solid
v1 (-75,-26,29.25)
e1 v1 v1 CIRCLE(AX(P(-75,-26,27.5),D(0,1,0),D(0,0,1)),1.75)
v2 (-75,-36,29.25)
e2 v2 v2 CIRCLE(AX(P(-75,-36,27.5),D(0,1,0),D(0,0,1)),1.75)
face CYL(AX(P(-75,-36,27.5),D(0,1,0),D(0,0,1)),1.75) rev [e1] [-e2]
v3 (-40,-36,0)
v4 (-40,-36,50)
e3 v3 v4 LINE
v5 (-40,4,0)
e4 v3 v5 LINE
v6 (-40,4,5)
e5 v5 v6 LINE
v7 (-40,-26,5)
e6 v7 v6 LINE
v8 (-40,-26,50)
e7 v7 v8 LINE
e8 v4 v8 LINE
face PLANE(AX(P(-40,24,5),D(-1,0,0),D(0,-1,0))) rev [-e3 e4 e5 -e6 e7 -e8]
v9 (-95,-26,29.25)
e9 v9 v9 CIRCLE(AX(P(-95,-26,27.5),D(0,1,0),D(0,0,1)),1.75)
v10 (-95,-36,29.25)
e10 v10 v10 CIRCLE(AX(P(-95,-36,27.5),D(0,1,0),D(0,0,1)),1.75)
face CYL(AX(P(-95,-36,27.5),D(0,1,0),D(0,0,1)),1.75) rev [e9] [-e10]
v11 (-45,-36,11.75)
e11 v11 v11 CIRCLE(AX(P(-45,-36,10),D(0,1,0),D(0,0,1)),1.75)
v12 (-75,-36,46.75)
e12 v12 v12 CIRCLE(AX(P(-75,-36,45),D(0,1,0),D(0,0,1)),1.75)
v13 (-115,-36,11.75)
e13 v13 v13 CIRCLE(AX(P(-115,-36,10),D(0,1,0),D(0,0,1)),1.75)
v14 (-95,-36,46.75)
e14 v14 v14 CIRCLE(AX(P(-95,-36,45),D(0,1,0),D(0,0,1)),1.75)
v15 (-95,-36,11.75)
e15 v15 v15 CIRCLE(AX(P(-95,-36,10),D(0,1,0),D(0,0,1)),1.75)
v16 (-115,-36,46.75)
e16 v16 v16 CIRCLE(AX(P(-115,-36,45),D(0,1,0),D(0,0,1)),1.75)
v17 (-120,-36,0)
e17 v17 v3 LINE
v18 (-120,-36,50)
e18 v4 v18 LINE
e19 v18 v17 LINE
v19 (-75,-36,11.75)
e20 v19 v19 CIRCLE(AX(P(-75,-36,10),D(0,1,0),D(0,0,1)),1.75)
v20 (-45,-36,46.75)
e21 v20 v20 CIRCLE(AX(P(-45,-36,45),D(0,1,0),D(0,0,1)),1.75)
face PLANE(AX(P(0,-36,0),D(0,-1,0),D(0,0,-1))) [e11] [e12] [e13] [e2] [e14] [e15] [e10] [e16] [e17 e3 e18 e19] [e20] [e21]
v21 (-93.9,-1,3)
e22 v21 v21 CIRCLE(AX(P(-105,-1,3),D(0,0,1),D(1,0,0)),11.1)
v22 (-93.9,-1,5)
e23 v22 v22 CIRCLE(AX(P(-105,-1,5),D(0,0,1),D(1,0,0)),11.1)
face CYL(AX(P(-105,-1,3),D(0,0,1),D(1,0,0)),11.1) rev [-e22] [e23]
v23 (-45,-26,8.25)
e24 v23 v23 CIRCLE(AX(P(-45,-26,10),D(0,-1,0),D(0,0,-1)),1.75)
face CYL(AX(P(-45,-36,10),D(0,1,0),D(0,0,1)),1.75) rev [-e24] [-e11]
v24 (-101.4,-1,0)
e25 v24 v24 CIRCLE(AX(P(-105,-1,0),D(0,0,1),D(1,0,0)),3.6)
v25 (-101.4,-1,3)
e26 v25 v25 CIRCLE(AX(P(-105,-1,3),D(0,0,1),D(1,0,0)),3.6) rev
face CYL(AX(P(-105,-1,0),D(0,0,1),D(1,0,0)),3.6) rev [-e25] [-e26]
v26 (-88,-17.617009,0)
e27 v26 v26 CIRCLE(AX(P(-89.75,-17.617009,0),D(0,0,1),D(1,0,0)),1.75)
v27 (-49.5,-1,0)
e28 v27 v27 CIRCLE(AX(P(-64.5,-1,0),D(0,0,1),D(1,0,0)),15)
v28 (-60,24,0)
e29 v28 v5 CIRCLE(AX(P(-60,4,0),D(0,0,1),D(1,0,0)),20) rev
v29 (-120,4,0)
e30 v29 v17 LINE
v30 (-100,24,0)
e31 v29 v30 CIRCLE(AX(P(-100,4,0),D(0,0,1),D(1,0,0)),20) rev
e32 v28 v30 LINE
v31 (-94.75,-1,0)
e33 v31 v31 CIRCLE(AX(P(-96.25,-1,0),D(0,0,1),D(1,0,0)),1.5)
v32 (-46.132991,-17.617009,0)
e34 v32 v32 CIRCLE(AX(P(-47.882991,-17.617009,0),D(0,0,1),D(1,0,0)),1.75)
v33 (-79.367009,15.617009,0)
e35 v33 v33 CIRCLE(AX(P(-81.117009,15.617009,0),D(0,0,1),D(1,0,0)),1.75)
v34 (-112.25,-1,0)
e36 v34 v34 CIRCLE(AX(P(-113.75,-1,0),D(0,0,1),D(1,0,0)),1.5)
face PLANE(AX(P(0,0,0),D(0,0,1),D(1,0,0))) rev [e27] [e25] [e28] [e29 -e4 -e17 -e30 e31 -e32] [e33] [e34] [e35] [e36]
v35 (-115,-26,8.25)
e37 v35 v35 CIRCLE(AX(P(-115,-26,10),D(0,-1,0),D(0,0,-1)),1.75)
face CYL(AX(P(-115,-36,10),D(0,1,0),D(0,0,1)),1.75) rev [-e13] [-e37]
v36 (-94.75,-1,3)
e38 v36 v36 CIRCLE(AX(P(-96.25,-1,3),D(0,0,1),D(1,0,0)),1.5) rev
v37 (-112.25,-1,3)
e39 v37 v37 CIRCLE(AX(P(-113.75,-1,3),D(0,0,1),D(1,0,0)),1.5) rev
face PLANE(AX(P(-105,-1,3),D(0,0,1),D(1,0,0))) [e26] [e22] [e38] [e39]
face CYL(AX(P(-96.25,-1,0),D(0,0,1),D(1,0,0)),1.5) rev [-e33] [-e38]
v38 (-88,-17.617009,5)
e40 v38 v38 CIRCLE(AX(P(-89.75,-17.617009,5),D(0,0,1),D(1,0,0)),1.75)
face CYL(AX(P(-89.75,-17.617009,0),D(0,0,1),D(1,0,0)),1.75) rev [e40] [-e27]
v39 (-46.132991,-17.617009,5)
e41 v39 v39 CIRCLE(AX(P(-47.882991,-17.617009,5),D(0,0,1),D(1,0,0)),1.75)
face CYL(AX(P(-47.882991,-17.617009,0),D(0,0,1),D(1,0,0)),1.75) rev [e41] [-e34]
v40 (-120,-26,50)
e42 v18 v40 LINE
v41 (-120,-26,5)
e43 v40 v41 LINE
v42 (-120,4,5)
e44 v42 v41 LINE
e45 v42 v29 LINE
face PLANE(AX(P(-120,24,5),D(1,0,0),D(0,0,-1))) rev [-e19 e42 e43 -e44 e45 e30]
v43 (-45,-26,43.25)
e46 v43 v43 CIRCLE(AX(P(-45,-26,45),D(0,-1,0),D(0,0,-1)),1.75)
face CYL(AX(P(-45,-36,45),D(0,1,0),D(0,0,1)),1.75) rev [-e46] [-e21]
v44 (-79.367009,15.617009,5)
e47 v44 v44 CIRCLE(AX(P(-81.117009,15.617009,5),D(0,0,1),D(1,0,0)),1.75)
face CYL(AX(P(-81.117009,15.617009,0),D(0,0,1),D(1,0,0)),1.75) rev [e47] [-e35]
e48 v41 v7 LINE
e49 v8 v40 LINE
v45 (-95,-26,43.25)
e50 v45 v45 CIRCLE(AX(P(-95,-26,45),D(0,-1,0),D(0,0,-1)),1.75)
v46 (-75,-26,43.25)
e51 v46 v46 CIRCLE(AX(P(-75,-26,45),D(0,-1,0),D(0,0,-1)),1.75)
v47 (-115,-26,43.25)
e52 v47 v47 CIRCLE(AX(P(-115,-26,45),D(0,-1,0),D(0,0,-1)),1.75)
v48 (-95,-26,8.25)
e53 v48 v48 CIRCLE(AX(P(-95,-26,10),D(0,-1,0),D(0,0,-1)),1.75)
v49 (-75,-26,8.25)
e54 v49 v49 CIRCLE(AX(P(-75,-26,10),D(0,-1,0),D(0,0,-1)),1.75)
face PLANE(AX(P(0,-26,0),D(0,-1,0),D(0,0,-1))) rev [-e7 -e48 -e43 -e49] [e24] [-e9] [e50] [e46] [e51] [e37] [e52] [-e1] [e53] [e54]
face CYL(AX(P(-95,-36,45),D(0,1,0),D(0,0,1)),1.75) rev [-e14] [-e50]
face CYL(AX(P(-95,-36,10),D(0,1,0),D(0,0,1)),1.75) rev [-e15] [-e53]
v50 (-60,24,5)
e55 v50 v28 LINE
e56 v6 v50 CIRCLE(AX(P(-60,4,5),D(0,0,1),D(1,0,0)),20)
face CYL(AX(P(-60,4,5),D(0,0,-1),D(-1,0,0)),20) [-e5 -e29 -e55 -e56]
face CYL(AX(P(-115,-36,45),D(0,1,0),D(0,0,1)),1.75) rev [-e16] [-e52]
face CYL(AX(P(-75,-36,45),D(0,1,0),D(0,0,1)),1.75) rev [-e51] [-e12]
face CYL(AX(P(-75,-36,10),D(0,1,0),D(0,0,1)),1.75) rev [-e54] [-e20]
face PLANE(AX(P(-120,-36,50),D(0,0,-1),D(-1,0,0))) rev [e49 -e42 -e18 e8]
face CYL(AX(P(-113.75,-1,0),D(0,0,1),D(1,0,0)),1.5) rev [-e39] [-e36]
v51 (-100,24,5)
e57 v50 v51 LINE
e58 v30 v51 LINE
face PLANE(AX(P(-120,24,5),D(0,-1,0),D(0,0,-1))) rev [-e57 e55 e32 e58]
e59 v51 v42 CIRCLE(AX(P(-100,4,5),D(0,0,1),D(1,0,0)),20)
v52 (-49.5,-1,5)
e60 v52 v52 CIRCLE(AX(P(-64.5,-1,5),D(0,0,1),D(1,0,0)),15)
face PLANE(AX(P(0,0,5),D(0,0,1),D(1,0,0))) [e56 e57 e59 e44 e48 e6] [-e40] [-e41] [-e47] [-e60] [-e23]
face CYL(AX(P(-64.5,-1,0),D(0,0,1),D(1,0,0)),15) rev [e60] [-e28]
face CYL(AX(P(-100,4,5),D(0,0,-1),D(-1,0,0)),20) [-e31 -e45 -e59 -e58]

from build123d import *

# Parameters (mm, degrees)
SKETCH1_W               = 80
SKETCH1_H               = 50
BOSS_EXTRUDE1_DEPTH     = 5
SKETCH2_R               = 3.6
CUT_EXTRUDE1_DEPTH      = 123.886126149
SKETCH3_R               = 1.5
CUT_EXTRUDE2_DEPTH      = 123.886126149
SKETCH4_R               = 11.1
CUT_EXTRUDE3_DEPTH      = 2
SKETCH5_R               = 15
CUT_EXTRUDE4_DEPTH      = 123.886126149
SKETCH6_R               = 1.75
CUT_EXTRUDE5_DEPTH      = 123.886126149
SKETCH7_W               = 80
SKETCH7_H               = 50
BOSS_EXTRUDE2_DEPTH     = 10
FILLET1_R               = 20
CUT_EXTRUDE6_DEPTH      = 140.283882772
CUT_EXTRUDE6_DEPTH_BACK = 140.283882772
SKETCH9_R               = 1.75
SKETCH10_R              = 1.75
CUT_EXTRUDE7_DEPTH      = 140.283882772
SKETCH11_R              = 1.75
CUT_EXTRUDE8_DEPTH      = 134.120246394


with BuildPart() as part:
    # Sketch1 → Boss-Extrude1 (new body)
    with BuildSketch(Plane.XY):
        with Locations((-80, -1)):
            Rectangle(SKETCH1_W, SKETCH1_H)
    extrude(amount=BOSS_EXTRUDE1_DEPTH)

    # Sketch2 → Cut-Extrude1 (cut, through all)
    with BuildSketch(Plane.XY.offset(5)):
        with Locations((-105, -1)):
            Circle(SKETCH2_R)
    extrude(amount=-CUT_EXTRUDE1_DEPTH, mode=Mode.SUBTRACT)

    # Sketch3 → Cut-Extrude2 (cut, through all)
    with BuildSketch(Plane.XY.offset(5)):
        with Locations((-96.25, -1)):
            Circle(SKETCH3_R)
        with Locations((-113.75, -1)):
            Circle(SKETCH3_R)
    extrude(amount=-CUT_EXTRUDE2_DEPTH, mode=Mode.SUBTRACT)

    # Sketch4 → Cut-Extrude3 (cut)
    with BuildSketch(Plane.XY.offset(5)):
        with Locations((-105, -1)):
            Circle(SKETCH4_R)
    extrude(amount=-CUT_EXTRUDE3_DEPTH, mode=Mode.SUBTRACT)

    # Sketch5 → Cut-Extrude4 (cut, through all)
    with BuildSketch(Plane.XY.offset(5)):
        with Locations((-64.5, -1)):
            Circle(SKETCH5_R)
    extrude(amount=-CUT_EXTRUDE4_DEPTH, mode=Mode.SUBTRACT)

    # Sketch6 → Cut-Extrude5 (cut, through all)
    with BuildSketch(Plane.XY.offset(5)):
        with Locations((-81.117009358, 15.617009358)):
            Circle(SKETCH6_R)
        with Locations((-47.882990642, -17.617009358)):
            Circle(SKETCH6_R)
    extrude(amount=-CUT_EXTRUDE5_DEPTH, mode=Mode.SUBTRACT)

    # Sketch7 → Boss-Extrude2 (add)
    with BuildSketch(Plane.XZ.offset(26)):
        with Locations((-80, 25)):
            Rectangle(SKETCH7_W, SKETCH7_H)
    extrude(amount=BOSS_EXTRUDE2_DEPTH)

    # Fillet1
    fillet1_edges = [part.edges().sort_by_distance(p)[0] for p in [
        (-120, 24, 2.5),
        (-40, 24, 2.5),
    ]]
    fillet(fillet1_edges, radius=FILLET1_R)

    # Sketch9 → Cut-Extrude6 (cut, two sides: drawn at the far end of the back side and taken through both)
    with BuildSketch(Plane(origin=(0, -26, 0), x_dir=(1, 0, 0), z_dir=(0, 1, 0)).offset(-CUT_EXTRUDE6_DEPTH_BACK)):
        with Locations(Location((-115, -10, 0), (0, 0, 270))):
            Circle(SKETCH9_R)
        with Locations(Location((-45, -10, 0), (0, 0, 270))):
            Circle(SKETCH9_R)
        with Locations(Location((-45, -45, 0), (0, 0, 270))):
            Circle(SKETCH9_R)
        with Locations(Location((-115, -45, 0), (0, 0, 270))):
            Circle(SKETCH9_R)
        with Locations(Location((-95, -10, 0), (0, 0, 270))):
            Circle(SKETCH9_R)
        with Locations(Location((-95, -45, 0), (0, 0, 270))):
            Circle(SKETCH9_R)
        with Locations(Location((-75, -10, 0), (0, 0, 270))):
            Circle(SKETCH9_R)
        with Locations(Location((-75, -45, 0), (0, 0, 270))):
            Circle(SKETCH9_R)
    extrude(amount=CUT_EXTRUDE6_DEPTH + CUT_EXTRUDE6_DEPTH_BACK, mode=Mode.SUBTRACT)

    # Sketch10 → Cut-Extrude7 (cut, through all)
    with BuildSketch(Plane(origin=(0, -26, 0), x_dir=(1, 0, 0), z_dir=(0, 1, 0))):
        with Locations(Location((-95, -27.5, 0), (0, 0, 270))):
            Circle(SKETCH10_R)
        with Locations(Location((-75, -27.5, 0), (0, 0, 270))):
            Circle(SKETCH10_R)
    extrude(amount=-CUT_EXTRUDE7_DEPTH, mode=Mode.SUBTRACT)

    # Sketch11 → Cut-Extrude8 (cut, through all)
    with BuildSketch(Plane.XY.offset(5)):
        with Locations((-89.75, -17.617009358)):
            Circle(SKETCH11_R)
    extrude(amount=-CUT_EXTRUDE8_DEPTH, mode=Mode.SUBTRACT)


solid = part.part
